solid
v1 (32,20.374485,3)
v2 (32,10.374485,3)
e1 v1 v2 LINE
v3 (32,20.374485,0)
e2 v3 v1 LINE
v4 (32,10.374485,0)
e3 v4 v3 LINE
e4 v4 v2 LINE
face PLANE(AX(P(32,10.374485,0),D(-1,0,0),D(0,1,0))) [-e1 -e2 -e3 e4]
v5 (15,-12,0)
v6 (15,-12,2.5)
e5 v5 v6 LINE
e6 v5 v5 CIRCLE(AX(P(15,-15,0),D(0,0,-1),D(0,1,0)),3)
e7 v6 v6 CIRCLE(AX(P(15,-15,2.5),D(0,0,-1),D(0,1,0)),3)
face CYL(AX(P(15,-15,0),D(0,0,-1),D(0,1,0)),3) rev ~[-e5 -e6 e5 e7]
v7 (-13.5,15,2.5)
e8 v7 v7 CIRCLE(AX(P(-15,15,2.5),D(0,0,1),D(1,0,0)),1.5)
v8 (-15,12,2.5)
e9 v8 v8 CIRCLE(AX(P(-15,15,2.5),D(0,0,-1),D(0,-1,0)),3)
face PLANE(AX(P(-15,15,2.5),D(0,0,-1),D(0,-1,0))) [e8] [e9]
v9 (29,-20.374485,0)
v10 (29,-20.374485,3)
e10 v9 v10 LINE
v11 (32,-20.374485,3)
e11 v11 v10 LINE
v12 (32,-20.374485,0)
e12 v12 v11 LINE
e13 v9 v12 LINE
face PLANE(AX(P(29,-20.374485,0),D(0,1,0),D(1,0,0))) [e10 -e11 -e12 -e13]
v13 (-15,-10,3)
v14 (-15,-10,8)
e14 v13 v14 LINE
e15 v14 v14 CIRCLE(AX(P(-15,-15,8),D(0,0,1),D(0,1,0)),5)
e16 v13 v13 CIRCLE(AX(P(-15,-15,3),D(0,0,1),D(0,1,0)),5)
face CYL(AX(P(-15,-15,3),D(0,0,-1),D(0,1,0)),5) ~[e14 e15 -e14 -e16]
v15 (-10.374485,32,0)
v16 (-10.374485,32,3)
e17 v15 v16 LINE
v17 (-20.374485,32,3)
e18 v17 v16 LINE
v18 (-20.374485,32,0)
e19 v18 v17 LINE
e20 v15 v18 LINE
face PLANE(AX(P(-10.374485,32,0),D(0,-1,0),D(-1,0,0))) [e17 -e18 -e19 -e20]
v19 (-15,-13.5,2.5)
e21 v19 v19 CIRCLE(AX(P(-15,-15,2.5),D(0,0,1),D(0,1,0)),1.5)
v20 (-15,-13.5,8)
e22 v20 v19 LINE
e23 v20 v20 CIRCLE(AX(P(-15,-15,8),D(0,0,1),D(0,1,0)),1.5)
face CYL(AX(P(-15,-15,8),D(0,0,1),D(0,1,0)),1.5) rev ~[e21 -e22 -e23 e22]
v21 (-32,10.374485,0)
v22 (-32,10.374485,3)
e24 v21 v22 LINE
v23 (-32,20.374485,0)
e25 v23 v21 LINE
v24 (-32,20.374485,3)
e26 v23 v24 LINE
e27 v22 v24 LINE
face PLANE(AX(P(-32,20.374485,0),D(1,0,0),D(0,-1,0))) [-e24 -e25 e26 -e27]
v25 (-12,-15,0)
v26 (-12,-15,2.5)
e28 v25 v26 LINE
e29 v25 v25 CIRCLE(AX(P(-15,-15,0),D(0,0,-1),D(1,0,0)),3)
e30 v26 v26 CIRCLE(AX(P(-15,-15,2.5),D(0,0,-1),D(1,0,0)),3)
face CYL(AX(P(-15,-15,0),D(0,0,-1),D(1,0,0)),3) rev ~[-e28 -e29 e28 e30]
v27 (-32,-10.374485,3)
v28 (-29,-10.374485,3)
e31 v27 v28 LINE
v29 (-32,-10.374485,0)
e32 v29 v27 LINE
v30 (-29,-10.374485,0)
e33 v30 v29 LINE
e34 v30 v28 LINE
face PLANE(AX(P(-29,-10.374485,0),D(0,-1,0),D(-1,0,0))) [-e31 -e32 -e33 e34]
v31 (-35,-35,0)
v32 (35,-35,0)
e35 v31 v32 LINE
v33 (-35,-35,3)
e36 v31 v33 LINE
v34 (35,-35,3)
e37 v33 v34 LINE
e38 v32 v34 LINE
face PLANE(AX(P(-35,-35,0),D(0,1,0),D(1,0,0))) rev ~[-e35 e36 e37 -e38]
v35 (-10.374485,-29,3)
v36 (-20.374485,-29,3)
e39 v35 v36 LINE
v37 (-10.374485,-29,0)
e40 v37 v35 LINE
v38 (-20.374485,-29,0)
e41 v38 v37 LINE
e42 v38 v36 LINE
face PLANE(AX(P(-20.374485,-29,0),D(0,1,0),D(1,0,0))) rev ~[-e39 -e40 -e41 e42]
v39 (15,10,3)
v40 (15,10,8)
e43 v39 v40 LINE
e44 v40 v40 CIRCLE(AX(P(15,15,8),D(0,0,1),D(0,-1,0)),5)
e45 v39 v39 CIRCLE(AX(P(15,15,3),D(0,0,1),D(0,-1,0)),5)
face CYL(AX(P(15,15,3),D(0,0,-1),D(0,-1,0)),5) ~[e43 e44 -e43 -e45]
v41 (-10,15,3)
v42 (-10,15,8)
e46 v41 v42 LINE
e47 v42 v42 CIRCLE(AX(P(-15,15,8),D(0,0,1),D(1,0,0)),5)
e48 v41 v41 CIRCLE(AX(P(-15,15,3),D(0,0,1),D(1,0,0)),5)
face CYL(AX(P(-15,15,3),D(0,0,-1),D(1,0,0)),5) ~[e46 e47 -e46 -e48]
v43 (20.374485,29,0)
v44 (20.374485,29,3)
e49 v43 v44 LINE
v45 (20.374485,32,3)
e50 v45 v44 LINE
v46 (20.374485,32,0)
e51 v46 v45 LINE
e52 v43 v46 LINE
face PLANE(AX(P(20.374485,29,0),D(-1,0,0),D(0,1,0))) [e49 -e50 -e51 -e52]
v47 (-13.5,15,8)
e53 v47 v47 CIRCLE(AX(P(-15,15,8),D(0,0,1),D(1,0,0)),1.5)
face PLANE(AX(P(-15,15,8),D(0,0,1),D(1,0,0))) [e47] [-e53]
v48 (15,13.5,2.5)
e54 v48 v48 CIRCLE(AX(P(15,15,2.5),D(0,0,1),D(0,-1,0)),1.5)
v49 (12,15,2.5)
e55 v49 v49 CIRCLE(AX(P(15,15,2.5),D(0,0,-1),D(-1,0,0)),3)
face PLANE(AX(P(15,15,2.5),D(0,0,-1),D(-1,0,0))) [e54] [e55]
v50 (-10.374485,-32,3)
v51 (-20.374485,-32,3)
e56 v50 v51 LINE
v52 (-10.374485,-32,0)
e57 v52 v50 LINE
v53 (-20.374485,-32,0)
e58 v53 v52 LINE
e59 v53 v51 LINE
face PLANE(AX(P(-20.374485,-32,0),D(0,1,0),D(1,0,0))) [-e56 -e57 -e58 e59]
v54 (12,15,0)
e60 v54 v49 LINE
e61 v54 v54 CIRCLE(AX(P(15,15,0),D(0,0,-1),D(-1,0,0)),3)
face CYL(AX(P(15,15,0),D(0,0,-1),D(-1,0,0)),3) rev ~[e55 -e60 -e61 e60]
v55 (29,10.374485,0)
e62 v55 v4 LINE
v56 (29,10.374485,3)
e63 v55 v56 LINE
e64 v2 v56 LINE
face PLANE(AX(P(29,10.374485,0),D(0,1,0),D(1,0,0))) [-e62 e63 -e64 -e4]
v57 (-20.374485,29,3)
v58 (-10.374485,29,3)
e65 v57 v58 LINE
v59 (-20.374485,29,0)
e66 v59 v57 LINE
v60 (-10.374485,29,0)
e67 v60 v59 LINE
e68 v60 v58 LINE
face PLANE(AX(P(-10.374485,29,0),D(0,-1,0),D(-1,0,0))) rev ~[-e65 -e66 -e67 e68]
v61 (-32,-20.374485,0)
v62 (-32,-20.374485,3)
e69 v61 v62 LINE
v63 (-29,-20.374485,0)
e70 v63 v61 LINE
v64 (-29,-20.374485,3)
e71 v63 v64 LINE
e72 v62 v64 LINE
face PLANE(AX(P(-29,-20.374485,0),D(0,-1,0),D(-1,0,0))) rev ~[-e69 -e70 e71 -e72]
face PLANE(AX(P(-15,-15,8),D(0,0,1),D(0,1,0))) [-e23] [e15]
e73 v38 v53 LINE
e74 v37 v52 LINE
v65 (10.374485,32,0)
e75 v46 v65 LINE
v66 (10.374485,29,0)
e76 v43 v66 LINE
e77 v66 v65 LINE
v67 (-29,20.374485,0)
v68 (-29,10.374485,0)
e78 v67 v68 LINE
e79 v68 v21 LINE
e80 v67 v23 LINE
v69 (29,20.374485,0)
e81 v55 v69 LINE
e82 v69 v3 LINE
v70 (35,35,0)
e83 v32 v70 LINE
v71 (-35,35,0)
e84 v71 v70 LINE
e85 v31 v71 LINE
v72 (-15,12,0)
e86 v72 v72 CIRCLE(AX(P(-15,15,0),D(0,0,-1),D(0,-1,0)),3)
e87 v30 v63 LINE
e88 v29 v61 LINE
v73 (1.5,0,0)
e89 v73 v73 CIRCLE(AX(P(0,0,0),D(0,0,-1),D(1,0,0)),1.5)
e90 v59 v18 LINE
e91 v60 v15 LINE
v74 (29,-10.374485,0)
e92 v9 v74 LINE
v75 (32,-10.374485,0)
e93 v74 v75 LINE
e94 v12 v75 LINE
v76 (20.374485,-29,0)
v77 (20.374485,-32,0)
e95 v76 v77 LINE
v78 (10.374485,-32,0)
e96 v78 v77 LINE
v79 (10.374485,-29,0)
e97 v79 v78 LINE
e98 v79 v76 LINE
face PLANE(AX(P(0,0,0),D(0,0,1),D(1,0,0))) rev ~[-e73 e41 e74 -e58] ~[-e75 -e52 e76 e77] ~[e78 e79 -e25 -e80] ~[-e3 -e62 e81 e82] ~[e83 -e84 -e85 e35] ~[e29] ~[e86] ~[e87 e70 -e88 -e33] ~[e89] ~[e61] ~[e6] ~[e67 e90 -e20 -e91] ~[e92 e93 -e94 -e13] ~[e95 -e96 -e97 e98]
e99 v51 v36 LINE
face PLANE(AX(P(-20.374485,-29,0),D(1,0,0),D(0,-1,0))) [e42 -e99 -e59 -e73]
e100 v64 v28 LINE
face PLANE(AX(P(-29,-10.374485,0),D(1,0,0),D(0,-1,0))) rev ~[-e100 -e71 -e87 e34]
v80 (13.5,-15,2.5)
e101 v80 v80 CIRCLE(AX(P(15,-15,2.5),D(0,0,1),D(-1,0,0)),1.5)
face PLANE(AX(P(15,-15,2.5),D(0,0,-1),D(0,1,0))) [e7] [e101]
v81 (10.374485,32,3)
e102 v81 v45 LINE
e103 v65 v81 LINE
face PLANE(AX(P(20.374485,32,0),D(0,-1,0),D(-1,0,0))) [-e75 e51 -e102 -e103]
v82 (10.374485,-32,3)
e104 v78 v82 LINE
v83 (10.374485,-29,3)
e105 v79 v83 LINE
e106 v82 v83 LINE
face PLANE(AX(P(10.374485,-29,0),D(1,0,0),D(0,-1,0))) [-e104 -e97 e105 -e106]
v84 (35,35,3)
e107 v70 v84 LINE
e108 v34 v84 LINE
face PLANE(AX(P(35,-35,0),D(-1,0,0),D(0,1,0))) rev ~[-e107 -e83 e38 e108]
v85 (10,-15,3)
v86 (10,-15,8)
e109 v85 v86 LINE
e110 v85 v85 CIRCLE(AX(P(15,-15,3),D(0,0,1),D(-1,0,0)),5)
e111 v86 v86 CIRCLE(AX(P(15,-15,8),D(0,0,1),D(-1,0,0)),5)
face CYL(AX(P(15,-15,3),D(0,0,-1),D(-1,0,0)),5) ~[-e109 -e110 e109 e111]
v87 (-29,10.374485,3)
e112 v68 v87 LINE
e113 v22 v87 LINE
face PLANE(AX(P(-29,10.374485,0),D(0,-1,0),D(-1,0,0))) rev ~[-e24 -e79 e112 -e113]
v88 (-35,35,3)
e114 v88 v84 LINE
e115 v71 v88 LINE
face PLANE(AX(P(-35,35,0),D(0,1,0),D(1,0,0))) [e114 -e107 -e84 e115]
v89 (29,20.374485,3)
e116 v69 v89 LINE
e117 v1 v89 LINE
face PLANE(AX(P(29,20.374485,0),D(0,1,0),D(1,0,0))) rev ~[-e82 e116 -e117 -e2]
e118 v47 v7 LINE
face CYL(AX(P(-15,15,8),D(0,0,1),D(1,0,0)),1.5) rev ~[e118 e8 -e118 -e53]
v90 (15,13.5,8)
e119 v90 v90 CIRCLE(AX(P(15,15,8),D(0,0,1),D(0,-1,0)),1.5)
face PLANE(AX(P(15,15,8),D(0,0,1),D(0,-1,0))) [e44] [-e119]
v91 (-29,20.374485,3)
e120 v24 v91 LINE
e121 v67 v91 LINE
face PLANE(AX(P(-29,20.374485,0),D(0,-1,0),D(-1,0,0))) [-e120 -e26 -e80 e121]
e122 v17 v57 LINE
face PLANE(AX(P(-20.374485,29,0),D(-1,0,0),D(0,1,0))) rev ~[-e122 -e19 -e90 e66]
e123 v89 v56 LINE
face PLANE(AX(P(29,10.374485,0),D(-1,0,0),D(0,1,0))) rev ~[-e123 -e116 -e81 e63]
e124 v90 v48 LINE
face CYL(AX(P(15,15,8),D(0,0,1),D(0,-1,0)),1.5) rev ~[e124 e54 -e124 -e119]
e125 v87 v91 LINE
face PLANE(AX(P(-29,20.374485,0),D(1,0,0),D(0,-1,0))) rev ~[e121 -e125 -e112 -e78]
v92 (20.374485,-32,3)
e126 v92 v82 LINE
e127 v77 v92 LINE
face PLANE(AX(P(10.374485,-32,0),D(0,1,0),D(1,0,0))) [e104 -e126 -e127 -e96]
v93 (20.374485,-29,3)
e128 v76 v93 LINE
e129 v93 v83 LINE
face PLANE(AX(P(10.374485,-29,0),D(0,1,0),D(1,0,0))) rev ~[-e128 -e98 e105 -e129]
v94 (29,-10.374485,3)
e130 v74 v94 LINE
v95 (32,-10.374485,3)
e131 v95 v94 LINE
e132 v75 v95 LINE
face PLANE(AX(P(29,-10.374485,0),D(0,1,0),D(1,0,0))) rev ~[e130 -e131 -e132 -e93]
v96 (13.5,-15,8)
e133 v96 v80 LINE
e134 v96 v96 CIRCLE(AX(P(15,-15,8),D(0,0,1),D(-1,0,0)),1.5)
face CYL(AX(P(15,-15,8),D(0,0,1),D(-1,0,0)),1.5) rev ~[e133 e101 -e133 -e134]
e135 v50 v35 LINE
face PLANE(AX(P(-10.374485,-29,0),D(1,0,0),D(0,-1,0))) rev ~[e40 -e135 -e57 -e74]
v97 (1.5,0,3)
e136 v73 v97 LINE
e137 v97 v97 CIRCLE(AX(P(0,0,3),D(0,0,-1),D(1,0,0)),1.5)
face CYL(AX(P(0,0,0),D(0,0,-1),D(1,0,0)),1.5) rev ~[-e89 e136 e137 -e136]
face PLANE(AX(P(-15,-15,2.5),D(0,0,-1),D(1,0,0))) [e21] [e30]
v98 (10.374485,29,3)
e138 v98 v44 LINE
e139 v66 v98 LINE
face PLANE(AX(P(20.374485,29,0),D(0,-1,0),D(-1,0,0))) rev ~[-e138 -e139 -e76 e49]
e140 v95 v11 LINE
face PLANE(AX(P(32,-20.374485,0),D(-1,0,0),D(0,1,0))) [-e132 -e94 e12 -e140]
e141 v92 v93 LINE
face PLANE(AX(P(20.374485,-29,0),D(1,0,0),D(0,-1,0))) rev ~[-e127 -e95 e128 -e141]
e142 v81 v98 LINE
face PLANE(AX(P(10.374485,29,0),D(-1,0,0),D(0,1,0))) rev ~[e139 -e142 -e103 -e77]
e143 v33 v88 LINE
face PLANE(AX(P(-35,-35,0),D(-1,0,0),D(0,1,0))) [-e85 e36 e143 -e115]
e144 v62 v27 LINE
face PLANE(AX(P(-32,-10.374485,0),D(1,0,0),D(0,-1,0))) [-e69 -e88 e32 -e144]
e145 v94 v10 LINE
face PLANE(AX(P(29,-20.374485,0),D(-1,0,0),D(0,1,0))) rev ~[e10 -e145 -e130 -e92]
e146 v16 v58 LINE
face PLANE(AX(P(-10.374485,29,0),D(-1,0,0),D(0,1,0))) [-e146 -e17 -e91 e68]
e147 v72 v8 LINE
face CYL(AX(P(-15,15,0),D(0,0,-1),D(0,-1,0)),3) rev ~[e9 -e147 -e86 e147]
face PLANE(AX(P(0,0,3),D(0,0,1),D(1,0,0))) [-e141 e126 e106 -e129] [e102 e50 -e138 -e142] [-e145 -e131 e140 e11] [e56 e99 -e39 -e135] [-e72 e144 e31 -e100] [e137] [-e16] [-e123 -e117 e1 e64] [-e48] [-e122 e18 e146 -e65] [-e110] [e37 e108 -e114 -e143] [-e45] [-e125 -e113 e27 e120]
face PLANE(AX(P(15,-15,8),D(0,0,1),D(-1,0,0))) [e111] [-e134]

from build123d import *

# Parameters (mm, degrees)
SKETCH_W                 = 70
SKETCH_H                 = 70
EXTRUDE_DEPTH            = 3
SKETCH001_R              = 5
PAD_DEPTH                = 5
POLARPATTERN_COUNT       = 4
SKETCH002_R              = 1.5
POCKET_DEPTH             = 206.636344
POLARPATTERN001_COUNT    = 4
SKETCH003_R              = 3
POCKET001_DEPTH          = 2.5
POLARPATTERN002_COUNT    = 4
SKETCH004_W              = 10
SKETCH004_H              = 3
POCKET002_DEPTH          = 5
POLARPATTERN002002_COUNT = 4
SKETCH005_R              = 1.5
POCKET003_DEPTH          = 8.001


with BuildPart() as part:
    # Sketch → Extrude (new body)
    with BuildSketch(Plane.XY):
        Rectangle(SKETCH_W, SKETCH_H)
    extrude(amount=EXTRUDE_DEPTH)

    # Sketch001 → Pad (new body)
    with BuildSketch(Plane.XY.offset(3)):
        with Locations((-15, 15)):
            Circle(SKETCH001_R)
    pad = extrude(amount=PAD_DEPTH)

    # PolarPattern: Pad ×4 about axis
    polarpattern_axis = Axis((0, 0, 3), (0, 0, 1))
    for i in range(1, POLARPATTERN_COUNT):
        add(pad.rotate(polarpattern_axis, i * 360 / POLARPATTERN_COUNT))

    # Sketch002 → Pocket (cut, through all)
    with BuildSketch(Plane.XY.offset(8)):
        with Locations((-15, 15)):
            Circle(SKETCH002_R)
    pocket = extrude(amount=-POCKET_DEPTH, mode=Mode.SUBTRACT)

    # PolarPattern001: Pocket ×4 about axis
    polarpattern001_axis = Axis((0, 0, 8), (0, 0, 1))
    for i in range(1, POLARPATTERN001_COUNT):
        add(pocket.rotate(polarpattern001_axis, i * 360 / POLARPATTERN001_COUNT), mode=Mode.SUBTRACT)

    # Sketch003 → Pocket001 (cut)
    with BuildSketch(Plane(origin=(0, 0, 0), x_dir=(1, 0, 0), z_dir=(0, 0, -1))):
        with Locations((-15, 15)):
            Circle(SKETCH003_R)
    pocket001 = extrude(amount=-POCKET001_DEPTH, mode=Mode.SUBTRACT)

    # PolarPattern002: Pocket001 ×4 about axis
    polarpattern002_axis = Axis((0, 0, 0), (0, 0, -1))
    for i in range(1, POLARPATTERN002_COUNT):
        add(pocket001.rotate(polarpattern002_axis, i * 360 / POLARPATTERN002_COUNT), mode=Mode.SUBTRACT)

    # Sketch004 → Pocket002 (cut)
    with BuildSketch(Plane(origin=(0, 0, 0), x_dir=(1, 0, 0), z_dir=(0, 0, -1))):
        with Locations((15.374485, 30.5)):
            Rectangle(SKETCH004_W, SKETCH004_H)
        with Locations((-15.374485, 30.5)):
            Rectangle(SKETCH004_W, SKETCH004_H)
    pocket002 = extrude(amount=-POCKET002_DEPTH, mode=Mode.SUBTRACT)

    # PolarPattern002002: Pocket002 ×4 about axis
    polarpattern002002_axis = Axis((0, 0, 0), (0, 0, -1))
    for i in range(1, POLARPATTERN002002_COUNT):
        add(pocket002.rotate(polarpattern002002_axis, i * 360 / POLARPATTERN002002_COUNT), mode=Mode.SUBTRACT)

    # Sketch005 → Pocket003 (cut, through all)
    with BuildSketch(Plane(origin=(0, 0, 0), x_dir=(1, 0, 0), z_dir=(0, 0, -1))):
        Circle(SKETCH005_R)
    extrude(amount=-POCKET003_DEPTH, mode=Mode.SUBTRACT)


solid = part.part
